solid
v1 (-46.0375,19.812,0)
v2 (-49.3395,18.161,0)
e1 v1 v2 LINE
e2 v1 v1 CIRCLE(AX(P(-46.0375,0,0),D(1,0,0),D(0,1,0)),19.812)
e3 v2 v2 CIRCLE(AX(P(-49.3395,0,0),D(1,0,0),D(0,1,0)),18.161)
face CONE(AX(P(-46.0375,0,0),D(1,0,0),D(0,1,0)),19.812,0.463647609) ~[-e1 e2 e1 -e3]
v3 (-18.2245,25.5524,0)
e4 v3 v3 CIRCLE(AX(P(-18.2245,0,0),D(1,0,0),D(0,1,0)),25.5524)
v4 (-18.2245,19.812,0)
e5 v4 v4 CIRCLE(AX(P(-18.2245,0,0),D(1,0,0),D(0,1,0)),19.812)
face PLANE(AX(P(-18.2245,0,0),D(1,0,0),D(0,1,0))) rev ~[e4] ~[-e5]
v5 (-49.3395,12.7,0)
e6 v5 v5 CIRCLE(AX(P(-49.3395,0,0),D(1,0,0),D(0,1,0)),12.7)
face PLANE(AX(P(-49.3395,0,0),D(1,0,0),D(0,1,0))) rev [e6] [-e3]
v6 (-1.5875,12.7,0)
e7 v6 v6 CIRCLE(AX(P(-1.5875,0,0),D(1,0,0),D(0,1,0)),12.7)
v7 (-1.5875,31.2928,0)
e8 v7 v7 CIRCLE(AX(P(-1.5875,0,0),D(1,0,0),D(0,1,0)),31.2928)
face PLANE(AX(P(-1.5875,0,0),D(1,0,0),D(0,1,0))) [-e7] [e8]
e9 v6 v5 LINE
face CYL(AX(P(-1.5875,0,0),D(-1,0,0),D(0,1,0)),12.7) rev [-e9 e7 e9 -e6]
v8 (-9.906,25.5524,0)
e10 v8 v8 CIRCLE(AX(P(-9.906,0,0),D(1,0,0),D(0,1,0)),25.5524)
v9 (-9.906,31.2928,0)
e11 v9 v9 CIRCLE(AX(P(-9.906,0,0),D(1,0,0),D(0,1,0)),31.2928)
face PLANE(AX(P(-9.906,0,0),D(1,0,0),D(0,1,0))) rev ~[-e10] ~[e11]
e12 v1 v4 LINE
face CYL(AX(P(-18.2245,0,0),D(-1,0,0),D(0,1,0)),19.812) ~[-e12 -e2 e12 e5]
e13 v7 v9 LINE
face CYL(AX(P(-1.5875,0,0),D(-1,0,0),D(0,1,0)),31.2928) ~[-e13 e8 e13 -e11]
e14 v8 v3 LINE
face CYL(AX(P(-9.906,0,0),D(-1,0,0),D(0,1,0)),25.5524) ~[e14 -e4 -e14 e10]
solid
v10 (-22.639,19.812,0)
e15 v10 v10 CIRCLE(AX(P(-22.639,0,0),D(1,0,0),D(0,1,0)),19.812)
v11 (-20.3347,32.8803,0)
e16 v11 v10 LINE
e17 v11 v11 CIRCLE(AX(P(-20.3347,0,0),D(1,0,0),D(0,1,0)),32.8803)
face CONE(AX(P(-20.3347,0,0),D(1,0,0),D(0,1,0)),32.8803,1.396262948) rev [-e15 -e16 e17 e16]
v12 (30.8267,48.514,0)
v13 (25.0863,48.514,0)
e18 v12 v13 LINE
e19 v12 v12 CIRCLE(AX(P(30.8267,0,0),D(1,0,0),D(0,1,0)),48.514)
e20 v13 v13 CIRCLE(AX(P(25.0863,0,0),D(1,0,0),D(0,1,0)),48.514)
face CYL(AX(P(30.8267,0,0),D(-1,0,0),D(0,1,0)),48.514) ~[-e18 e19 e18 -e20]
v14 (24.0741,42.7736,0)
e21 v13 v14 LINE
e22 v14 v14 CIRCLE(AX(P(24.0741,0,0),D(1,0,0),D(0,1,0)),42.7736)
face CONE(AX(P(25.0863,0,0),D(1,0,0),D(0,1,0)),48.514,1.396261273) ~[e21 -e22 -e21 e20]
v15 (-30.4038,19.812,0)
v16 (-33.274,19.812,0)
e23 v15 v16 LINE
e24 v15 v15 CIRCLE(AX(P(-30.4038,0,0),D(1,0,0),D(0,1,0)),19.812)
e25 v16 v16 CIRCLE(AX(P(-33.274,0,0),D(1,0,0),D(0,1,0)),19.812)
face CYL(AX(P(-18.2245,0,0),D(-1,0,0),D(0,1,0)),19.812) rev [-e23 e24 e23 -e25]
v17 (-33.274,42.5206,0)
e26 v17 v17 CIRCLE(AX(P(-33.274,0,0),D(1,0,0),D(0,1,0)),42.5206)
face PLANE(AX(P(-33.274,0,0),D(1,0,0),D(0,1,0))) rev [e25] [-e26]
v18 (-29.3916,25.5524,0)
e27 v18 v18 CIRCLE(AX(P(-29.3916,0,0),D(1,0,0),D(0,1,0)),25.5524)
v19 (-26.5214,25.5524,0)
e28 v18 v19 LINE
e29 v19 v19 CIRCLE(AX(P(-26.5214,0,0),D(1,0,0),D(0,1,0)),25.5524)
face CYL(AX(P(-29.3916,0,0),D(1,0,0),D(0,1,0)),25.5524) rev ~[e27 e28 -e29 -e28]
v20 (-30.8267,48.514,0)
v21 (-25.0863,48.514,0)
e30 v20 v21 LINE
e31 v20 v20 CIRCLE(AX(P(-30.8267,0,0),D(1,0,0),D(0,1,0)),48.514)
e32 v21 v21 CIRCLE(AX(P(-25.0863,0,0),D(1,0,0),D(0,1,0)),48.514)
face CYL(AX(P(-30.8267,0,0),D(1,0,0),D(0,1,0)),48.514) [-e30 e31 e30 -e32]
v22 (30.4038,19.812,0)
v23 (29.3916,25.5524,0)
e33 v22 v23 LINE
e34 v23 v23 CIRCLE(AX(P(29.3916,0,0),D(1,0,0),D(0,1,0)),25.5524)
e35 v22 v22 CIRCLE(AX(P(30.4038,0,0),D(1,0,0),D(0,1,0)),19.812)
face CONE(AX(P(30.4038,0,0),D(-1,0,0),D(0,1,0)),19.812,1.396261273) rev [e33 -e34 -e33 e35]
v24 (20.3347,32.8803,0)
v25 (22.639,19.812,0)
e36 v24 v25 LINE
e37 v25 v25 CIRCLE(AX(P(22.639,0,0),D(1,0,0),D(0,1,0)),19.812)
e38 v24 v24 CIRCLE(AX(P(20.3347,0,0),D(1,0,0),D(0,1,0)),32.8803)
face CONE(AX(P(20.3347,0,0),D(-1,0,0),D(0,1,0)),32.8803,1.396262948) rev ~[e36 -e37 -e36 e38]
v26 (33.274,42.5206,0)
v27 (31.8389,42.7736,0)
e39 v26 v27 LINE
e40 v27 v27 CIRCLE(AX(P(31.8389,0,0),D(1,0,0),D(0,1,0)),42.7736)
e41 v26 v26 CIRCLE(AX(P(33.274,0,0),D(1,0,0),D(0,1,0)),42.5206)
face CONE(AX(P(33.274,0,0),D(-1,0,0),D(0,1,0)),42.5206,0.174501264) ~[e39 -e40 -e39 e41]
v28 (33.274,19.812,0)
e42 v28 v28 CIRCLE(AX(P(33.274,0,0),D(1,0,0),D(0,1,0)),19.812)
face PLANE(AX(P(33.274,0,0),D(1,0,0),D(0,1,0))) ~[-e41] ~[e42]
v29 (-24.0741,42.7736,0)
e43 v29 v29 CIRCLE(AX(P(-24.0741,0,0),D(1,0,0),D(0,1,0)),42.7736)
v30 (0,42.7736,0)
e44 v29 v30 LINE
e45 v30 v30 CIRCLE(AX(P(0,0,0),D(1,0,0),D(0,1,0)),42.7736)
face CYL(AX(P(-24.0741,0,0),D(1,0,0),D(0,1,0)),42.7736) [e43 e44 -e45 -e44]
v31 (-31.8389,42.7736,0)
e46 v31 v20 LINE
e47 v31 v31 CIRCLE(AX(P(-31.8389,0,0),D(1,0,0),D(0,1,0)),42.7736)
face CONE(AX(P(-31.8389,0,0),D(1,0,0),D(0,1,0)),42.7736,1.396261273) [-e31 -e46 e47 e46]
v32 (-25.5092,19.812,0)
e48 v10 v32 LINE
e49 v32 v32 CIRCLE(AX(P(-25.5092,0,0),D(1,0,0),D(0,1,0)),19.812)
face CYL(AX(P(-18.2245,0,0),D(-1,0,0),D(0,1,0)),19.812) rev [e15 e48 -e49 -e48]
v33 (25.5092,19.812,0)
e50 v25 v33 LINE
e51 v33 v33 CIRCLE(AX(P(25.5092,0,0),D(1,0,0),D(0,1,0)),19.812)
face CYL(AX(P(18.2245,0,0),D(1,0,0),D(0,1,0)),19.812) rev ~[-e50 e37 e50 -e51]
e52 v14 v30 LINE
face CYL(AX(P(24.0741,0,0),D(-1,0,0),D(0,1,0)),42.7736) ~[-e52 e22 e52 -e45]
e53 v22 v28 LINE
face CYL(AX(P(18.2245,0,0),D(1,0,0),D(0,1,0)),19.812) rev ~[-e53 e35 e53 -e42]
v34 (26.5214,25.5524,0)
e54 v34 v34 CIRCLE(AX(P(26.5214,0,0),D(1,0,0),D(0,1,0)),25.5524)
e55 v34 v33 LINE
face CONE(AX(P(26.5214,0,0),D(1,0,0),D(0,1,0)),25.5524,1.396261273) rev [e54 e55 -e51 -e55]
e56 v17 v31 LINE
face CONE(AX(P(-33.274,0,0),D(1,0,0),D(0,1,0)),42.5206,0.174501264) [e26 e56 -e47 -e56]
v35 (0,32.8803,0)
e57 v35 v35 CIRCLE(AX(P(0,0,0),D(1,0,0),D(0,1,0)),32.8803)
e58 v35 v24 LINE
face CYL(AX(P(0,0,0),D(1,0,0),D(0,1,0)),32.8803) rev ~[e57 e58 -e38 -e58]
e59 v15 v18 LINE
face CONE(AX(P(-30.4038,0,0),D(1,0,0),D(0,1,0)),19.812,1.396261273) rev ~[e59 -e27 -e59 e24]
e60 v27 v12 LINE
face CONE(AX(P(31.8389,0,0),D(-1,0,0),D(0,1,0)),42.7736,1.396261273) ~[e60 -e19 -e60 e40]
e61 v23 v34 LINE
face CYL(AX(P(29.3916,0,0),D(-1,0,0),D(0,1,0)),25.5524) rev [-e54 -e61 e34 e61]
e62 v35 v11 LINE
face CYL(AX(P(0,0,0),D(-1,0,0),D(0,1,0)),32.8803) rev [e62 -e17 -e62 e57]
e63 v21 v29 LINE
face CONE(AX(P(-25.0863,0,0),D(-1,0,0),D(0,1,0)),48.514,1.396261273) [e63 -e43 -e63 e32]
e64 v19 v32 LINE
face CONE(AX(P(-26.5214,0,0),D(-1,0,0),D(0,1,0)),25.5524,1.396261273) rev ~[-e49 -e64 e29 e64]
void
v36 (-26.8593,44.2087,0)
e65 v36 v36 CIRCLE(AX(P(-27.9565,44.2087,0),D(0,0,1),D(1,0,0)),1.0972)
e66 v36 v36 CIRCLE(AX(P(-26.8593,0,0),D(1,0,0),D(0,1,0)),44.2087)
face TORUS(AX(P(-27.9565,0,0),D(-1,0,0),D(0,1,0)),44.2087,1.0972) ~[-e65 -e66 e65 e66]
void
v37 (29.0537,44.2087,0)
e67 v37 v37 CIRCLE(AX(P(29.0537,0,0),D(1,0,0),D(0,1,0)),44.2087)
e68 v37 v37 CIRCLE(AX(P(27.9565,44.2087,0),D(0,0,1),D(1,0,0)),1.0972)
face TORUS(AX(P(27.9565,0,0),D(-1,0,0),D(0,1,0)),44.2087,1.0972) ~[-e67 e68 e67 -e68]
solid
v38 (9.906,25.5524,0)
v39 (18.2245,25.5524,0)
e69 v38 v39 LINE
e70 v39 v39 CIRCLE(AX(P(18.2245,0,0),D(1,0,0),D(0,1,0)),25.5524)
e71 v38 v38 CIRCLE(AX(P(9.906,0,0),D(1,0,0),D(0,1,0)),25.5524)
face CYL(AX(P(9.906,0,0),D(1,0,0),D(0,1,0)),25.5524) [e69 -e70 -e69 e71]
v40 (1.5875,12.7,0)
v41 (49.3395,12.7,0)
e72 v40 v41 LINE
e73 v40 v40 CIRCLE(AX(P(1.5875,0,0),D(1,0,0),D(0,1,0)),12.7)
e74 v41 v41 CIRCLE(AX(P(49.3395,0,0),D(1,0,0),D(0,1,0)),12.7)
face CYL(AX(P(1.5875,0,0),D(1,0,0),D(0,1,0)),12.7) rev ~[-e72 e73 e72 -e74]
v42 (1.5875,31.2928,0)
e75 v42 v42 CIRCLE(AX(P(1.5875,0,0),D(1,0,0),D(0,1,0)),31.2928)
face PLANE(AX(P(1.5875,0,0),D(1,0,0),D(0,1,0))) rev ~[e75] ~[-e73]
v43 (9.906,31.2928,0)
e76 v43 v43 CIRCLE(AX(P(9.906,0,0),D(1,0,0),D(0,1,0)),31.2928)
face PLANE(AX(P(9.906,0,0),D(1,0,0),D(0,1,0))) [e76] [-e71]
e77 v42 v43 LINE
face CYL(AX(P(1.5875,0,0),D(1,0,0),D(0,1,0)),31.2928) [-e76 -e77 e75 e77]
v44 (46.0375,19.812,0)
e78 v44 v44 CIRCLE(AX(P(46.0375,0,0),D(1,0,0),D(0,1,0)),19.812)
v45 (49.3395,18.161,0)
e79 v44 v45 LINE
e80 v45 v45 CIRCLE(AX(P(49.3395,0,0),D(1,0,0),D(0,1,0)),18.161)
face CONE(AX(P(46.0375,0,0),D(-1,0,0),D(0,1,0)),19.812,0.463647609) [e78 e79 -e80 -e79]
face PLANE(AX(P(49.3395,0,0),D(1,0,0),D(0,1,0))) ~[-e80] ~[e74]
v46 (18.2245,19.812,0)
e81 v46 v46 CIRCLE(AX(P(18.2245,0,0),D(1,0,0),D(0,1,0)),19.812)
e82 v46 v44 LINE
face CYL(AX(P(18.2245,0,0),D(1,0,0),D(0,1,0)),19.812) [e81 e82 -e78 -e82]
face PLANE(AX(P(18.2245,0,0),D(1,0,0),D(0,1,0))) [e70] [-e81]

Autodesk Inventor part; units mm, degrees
ref_plane "YZ Plane" through (0, 0, 0) normal (1, 0, 0) x (0, 1, 0)
ref_plane "XZ Plane" through (0, 0, 0) normal (0, 1, 0) x (-1, 0, 0)
ref_plane "XY Plane" through (0, 0, 0) normal (0, 0, 1) x (1, 0, 0)
sketch "Sketch1" plane through (0, 0, 0) normal (0, 0, 1) x (1, 0, 0)
  line L0 (-69.0753, 0) -> (69.0753, 0) projected
  line L1 (0, -9.7028) -> (0, 58.2168) projected
  line L2 (0, 42.7228) -> (0, 0) construction
  line L3 (1.5875, 31.2928) -> (1.5875, 12.7)
  line L4 (1.5875, 12.7) -> (49.3395, 12.7)
  line L5 (49.3395, 12.7) -> (49.3395, 18.161)
  line L6 (18.2245, 19.812) -> (46.0375, 19.812)
  line L7 (1.5875, 31.2928) -> (9.906, 31.2928)
  line L8 (9.906, 31.2928) -> (9.906, 25.5524)
  line L9 (9.906, 25.5524) -> (18.2245, 25.5524)
  line L10 (18.2245, 25.5524) -> (18.2245, 19.812)
  line L11 (46.0375, 19.812) -> (49.3395, 18.161)
  line L12 (-1.5875, 31.2928) -> (-1.5875, 12.7)
  line L13 (-1.5875, 12.7) -> (-49.3395, 12.7)
  line L14 (-49.3395, 12.7) -> (-49.3395, 18.161)
  line L15 (-18.2245, 19.812) -> (-46.0375, 19.812)
  line L16 (-1.5875, 31.2928) -> (-9.906, 31.2928)
  line L17 (-9.906, 31.2928) -> (-9.906, 25.5524)
  line L18 (-9.906, 25.5524) -> (-18.2245, 25.5524)
  line L19 (-18.2245, 25.5524) -> (-18.2245, 19.812)
  line L20 (-46.0375, 19.812) -> (-49.3395, 18.161)
  line L21 (-33.274, 19.812) -> (-33.274, 42.5206)
  line L22 (-33.274, 42.5206) -> (-31.8389, 42.7736)
  line L23 (-31.8389, 42.7736) -> (-30.8267, 48.514)
  line L24 (-30.8267, 48.514) -> (-25.0863, 48.514)
  line L25 (-25.0863, 48.514) -> (-24.0741, 42.7736)
  line L26 (-24.0741, 42.7736) -> (0, 42.7736)
  line L27 (0, 32.8803) -> (-20.3347, 32.8803)
  line L28 (-20.3347, 32.8803) -> (-22.639, 19.812)
  circle A0 centre (-27.9565, 44.2087) radius 1.0972
  line L29 (33.274, 19.812) -> (33.274, 42.5206)
  line L30 (33.274, 42.5206) -> (31.8389, 42.7736)
  line L31 (31.8389, 42.7736) -> (30.8267, 48.514)
  line L32 (30.8267, 48.514) -> (25.0863, 48.514)
  line L33 (25.0863, 48.514) -> (24.0741, 42.7736)
  line L34 (24.0741, 42.7736) -> (0, 42.7736)
  line L35 (0, 32.8803) -> (20.3347, 32.8803)
  line L36 (20.3347, 32.8803) -> (22.639, 19.812)
  circle A1 centre (27.9565, 44.2087) radius 1.0972
  line L37 (-30.4038, 19.812) -> (-29.3916, 25.5524)
  line L38 (-29.3916, 25.5524) -> (-26.5214, 25.5524)
  line L39 (-26.5214, 25.5524) -> (-25.5092, 19.812)
  line L40 (-33.274, 19.812) -> (-30.4038, 19.812)
  line L41 (-25.5092, 19.812) -> (-22.639, 19.812)
  line L42 (30.4038, 19.812) -> (29.3916, 25.5524)
  line L43 (29.3916, 25.5524) -> (26.5214, 25.5524)
  line L44 (26.5214, 25.5524) -> (25.5092, 19.812)
  line L45 (33.274, 19.812) -> (30.4038, 19.812)
  line L46 (25.5092, 19.812) -> (22.639, 19.812)
  line L47 (-27.9565, 48.514) -> (-27.9565, 42.7736) construction
  dimension "d0" = 1.5875
  dimension "ShaftRadii" = 12.7
  dimension "d2" = 47.752
  dimension "d3" = 19.812
  dimension "d4" = 48.514
  dimension "d5" = 33.274
  dimension "d9" = 1.651
  dimension "d10" = 3.302
  dimension "d11" = 28.702
  dimension "d12" = 1.5875
  dimension "d13" = 5.7404
  dimension "d14" = 5.7404
  dimension "d15" = 5.7404
  dimension "d17" = 80
  dimension "d19" = 80
  dimension "d20" = 80
  dimension "d21" = 1.4351
  dimension "d22" = 4.3053
  dimension "d23" = 2.1945
  dimension "d24" = 5.7404
  dimension "d25" = 80
  dimension "d26" = 80
  dimension "d27" = 5.7404
  dimension "d28" = 80
  dimension "d30" = 2.8702
  dimension "d31" = 2.8702
  dimension "d32" = 2.8702
  dimension "d33" = 8.3185
  dimension "d34" = 8.3185
revolve "Revolution1 - Hub" add sketch "Sketch1" angle 360 about axis through (-10, 0, 0) along (1, 0, 0) contours L15 L19 L18 L17 L16 L12 L13 L14 L20 | L6 L11 L5 L4 L3 L7 L8 L9 L10
revolve "Revolution3" add sketch "Sketch1" angle 360 about axis through (-10, 0, 0) along (1, 0, 0) separate body contours L27 L28 L15 L39 L38 L37 L21 L22 L23 L24 L25 L26 L1 | L1 L34 L33 L32 L31 L30 L29 L6 L42 L43 L44 L36 L35
equation "\"d0\" = 0.5 * Gap"
equation "\"ShaftRadii\" = 0.5 * ShaftDia"
equation "\"d2\" = d_C"
equation "\"d3\" = 0.5 * d_D"
equation "\"d4\" = 0.5 * d_A"
equation "\"d5\" = 0.5 * d_J"
equation "\"d9\" = 0.0833333 * d3"
equation "\"d10\" = 2 * d9"
equation "\"d12\" = 0.5 * Gap"
equation "\"d13\" = 0.2 * d11"
equation "\"d14\" = 0.2 * d11"
equation "\"d15\" = 0.2 * d11"
equation "\"d19\" = d17"
equation "\"d20\" = d17"
equation "\"d21\" = 0.25 * d13"
equation "\"d22\" = 0.75 * d13"
equation "\"d24\" = d13"
equation "\"d25\" = d17"
equation "\"d26\" = d17"
equation "\"d27\" = d14"
equation "\"d28\" = d17"
equation "\"d30\" = 0.5 * d24"
equation "\"d31\" = d30"
equation "\"d32\" = d30"
equation "\"d33\" = 0.25 * d5"
equation "\"d34\" = 0.25 * d5"
equation "\"Gap\" = 3.175"
equation "\"d_A\" = 97.028"
equation "\"d_B\" = 98.552"
equation "\"d_C\" = 47.752"
equation "\"d_D\" = 39.624"
equation "\"d_J\" = 66.548"
equation "\"d_S\" = 39.116"
equation "\"d_F\" = 0"
equation "\"ShaftDia\" = 25.4"
properties part number "T10"
